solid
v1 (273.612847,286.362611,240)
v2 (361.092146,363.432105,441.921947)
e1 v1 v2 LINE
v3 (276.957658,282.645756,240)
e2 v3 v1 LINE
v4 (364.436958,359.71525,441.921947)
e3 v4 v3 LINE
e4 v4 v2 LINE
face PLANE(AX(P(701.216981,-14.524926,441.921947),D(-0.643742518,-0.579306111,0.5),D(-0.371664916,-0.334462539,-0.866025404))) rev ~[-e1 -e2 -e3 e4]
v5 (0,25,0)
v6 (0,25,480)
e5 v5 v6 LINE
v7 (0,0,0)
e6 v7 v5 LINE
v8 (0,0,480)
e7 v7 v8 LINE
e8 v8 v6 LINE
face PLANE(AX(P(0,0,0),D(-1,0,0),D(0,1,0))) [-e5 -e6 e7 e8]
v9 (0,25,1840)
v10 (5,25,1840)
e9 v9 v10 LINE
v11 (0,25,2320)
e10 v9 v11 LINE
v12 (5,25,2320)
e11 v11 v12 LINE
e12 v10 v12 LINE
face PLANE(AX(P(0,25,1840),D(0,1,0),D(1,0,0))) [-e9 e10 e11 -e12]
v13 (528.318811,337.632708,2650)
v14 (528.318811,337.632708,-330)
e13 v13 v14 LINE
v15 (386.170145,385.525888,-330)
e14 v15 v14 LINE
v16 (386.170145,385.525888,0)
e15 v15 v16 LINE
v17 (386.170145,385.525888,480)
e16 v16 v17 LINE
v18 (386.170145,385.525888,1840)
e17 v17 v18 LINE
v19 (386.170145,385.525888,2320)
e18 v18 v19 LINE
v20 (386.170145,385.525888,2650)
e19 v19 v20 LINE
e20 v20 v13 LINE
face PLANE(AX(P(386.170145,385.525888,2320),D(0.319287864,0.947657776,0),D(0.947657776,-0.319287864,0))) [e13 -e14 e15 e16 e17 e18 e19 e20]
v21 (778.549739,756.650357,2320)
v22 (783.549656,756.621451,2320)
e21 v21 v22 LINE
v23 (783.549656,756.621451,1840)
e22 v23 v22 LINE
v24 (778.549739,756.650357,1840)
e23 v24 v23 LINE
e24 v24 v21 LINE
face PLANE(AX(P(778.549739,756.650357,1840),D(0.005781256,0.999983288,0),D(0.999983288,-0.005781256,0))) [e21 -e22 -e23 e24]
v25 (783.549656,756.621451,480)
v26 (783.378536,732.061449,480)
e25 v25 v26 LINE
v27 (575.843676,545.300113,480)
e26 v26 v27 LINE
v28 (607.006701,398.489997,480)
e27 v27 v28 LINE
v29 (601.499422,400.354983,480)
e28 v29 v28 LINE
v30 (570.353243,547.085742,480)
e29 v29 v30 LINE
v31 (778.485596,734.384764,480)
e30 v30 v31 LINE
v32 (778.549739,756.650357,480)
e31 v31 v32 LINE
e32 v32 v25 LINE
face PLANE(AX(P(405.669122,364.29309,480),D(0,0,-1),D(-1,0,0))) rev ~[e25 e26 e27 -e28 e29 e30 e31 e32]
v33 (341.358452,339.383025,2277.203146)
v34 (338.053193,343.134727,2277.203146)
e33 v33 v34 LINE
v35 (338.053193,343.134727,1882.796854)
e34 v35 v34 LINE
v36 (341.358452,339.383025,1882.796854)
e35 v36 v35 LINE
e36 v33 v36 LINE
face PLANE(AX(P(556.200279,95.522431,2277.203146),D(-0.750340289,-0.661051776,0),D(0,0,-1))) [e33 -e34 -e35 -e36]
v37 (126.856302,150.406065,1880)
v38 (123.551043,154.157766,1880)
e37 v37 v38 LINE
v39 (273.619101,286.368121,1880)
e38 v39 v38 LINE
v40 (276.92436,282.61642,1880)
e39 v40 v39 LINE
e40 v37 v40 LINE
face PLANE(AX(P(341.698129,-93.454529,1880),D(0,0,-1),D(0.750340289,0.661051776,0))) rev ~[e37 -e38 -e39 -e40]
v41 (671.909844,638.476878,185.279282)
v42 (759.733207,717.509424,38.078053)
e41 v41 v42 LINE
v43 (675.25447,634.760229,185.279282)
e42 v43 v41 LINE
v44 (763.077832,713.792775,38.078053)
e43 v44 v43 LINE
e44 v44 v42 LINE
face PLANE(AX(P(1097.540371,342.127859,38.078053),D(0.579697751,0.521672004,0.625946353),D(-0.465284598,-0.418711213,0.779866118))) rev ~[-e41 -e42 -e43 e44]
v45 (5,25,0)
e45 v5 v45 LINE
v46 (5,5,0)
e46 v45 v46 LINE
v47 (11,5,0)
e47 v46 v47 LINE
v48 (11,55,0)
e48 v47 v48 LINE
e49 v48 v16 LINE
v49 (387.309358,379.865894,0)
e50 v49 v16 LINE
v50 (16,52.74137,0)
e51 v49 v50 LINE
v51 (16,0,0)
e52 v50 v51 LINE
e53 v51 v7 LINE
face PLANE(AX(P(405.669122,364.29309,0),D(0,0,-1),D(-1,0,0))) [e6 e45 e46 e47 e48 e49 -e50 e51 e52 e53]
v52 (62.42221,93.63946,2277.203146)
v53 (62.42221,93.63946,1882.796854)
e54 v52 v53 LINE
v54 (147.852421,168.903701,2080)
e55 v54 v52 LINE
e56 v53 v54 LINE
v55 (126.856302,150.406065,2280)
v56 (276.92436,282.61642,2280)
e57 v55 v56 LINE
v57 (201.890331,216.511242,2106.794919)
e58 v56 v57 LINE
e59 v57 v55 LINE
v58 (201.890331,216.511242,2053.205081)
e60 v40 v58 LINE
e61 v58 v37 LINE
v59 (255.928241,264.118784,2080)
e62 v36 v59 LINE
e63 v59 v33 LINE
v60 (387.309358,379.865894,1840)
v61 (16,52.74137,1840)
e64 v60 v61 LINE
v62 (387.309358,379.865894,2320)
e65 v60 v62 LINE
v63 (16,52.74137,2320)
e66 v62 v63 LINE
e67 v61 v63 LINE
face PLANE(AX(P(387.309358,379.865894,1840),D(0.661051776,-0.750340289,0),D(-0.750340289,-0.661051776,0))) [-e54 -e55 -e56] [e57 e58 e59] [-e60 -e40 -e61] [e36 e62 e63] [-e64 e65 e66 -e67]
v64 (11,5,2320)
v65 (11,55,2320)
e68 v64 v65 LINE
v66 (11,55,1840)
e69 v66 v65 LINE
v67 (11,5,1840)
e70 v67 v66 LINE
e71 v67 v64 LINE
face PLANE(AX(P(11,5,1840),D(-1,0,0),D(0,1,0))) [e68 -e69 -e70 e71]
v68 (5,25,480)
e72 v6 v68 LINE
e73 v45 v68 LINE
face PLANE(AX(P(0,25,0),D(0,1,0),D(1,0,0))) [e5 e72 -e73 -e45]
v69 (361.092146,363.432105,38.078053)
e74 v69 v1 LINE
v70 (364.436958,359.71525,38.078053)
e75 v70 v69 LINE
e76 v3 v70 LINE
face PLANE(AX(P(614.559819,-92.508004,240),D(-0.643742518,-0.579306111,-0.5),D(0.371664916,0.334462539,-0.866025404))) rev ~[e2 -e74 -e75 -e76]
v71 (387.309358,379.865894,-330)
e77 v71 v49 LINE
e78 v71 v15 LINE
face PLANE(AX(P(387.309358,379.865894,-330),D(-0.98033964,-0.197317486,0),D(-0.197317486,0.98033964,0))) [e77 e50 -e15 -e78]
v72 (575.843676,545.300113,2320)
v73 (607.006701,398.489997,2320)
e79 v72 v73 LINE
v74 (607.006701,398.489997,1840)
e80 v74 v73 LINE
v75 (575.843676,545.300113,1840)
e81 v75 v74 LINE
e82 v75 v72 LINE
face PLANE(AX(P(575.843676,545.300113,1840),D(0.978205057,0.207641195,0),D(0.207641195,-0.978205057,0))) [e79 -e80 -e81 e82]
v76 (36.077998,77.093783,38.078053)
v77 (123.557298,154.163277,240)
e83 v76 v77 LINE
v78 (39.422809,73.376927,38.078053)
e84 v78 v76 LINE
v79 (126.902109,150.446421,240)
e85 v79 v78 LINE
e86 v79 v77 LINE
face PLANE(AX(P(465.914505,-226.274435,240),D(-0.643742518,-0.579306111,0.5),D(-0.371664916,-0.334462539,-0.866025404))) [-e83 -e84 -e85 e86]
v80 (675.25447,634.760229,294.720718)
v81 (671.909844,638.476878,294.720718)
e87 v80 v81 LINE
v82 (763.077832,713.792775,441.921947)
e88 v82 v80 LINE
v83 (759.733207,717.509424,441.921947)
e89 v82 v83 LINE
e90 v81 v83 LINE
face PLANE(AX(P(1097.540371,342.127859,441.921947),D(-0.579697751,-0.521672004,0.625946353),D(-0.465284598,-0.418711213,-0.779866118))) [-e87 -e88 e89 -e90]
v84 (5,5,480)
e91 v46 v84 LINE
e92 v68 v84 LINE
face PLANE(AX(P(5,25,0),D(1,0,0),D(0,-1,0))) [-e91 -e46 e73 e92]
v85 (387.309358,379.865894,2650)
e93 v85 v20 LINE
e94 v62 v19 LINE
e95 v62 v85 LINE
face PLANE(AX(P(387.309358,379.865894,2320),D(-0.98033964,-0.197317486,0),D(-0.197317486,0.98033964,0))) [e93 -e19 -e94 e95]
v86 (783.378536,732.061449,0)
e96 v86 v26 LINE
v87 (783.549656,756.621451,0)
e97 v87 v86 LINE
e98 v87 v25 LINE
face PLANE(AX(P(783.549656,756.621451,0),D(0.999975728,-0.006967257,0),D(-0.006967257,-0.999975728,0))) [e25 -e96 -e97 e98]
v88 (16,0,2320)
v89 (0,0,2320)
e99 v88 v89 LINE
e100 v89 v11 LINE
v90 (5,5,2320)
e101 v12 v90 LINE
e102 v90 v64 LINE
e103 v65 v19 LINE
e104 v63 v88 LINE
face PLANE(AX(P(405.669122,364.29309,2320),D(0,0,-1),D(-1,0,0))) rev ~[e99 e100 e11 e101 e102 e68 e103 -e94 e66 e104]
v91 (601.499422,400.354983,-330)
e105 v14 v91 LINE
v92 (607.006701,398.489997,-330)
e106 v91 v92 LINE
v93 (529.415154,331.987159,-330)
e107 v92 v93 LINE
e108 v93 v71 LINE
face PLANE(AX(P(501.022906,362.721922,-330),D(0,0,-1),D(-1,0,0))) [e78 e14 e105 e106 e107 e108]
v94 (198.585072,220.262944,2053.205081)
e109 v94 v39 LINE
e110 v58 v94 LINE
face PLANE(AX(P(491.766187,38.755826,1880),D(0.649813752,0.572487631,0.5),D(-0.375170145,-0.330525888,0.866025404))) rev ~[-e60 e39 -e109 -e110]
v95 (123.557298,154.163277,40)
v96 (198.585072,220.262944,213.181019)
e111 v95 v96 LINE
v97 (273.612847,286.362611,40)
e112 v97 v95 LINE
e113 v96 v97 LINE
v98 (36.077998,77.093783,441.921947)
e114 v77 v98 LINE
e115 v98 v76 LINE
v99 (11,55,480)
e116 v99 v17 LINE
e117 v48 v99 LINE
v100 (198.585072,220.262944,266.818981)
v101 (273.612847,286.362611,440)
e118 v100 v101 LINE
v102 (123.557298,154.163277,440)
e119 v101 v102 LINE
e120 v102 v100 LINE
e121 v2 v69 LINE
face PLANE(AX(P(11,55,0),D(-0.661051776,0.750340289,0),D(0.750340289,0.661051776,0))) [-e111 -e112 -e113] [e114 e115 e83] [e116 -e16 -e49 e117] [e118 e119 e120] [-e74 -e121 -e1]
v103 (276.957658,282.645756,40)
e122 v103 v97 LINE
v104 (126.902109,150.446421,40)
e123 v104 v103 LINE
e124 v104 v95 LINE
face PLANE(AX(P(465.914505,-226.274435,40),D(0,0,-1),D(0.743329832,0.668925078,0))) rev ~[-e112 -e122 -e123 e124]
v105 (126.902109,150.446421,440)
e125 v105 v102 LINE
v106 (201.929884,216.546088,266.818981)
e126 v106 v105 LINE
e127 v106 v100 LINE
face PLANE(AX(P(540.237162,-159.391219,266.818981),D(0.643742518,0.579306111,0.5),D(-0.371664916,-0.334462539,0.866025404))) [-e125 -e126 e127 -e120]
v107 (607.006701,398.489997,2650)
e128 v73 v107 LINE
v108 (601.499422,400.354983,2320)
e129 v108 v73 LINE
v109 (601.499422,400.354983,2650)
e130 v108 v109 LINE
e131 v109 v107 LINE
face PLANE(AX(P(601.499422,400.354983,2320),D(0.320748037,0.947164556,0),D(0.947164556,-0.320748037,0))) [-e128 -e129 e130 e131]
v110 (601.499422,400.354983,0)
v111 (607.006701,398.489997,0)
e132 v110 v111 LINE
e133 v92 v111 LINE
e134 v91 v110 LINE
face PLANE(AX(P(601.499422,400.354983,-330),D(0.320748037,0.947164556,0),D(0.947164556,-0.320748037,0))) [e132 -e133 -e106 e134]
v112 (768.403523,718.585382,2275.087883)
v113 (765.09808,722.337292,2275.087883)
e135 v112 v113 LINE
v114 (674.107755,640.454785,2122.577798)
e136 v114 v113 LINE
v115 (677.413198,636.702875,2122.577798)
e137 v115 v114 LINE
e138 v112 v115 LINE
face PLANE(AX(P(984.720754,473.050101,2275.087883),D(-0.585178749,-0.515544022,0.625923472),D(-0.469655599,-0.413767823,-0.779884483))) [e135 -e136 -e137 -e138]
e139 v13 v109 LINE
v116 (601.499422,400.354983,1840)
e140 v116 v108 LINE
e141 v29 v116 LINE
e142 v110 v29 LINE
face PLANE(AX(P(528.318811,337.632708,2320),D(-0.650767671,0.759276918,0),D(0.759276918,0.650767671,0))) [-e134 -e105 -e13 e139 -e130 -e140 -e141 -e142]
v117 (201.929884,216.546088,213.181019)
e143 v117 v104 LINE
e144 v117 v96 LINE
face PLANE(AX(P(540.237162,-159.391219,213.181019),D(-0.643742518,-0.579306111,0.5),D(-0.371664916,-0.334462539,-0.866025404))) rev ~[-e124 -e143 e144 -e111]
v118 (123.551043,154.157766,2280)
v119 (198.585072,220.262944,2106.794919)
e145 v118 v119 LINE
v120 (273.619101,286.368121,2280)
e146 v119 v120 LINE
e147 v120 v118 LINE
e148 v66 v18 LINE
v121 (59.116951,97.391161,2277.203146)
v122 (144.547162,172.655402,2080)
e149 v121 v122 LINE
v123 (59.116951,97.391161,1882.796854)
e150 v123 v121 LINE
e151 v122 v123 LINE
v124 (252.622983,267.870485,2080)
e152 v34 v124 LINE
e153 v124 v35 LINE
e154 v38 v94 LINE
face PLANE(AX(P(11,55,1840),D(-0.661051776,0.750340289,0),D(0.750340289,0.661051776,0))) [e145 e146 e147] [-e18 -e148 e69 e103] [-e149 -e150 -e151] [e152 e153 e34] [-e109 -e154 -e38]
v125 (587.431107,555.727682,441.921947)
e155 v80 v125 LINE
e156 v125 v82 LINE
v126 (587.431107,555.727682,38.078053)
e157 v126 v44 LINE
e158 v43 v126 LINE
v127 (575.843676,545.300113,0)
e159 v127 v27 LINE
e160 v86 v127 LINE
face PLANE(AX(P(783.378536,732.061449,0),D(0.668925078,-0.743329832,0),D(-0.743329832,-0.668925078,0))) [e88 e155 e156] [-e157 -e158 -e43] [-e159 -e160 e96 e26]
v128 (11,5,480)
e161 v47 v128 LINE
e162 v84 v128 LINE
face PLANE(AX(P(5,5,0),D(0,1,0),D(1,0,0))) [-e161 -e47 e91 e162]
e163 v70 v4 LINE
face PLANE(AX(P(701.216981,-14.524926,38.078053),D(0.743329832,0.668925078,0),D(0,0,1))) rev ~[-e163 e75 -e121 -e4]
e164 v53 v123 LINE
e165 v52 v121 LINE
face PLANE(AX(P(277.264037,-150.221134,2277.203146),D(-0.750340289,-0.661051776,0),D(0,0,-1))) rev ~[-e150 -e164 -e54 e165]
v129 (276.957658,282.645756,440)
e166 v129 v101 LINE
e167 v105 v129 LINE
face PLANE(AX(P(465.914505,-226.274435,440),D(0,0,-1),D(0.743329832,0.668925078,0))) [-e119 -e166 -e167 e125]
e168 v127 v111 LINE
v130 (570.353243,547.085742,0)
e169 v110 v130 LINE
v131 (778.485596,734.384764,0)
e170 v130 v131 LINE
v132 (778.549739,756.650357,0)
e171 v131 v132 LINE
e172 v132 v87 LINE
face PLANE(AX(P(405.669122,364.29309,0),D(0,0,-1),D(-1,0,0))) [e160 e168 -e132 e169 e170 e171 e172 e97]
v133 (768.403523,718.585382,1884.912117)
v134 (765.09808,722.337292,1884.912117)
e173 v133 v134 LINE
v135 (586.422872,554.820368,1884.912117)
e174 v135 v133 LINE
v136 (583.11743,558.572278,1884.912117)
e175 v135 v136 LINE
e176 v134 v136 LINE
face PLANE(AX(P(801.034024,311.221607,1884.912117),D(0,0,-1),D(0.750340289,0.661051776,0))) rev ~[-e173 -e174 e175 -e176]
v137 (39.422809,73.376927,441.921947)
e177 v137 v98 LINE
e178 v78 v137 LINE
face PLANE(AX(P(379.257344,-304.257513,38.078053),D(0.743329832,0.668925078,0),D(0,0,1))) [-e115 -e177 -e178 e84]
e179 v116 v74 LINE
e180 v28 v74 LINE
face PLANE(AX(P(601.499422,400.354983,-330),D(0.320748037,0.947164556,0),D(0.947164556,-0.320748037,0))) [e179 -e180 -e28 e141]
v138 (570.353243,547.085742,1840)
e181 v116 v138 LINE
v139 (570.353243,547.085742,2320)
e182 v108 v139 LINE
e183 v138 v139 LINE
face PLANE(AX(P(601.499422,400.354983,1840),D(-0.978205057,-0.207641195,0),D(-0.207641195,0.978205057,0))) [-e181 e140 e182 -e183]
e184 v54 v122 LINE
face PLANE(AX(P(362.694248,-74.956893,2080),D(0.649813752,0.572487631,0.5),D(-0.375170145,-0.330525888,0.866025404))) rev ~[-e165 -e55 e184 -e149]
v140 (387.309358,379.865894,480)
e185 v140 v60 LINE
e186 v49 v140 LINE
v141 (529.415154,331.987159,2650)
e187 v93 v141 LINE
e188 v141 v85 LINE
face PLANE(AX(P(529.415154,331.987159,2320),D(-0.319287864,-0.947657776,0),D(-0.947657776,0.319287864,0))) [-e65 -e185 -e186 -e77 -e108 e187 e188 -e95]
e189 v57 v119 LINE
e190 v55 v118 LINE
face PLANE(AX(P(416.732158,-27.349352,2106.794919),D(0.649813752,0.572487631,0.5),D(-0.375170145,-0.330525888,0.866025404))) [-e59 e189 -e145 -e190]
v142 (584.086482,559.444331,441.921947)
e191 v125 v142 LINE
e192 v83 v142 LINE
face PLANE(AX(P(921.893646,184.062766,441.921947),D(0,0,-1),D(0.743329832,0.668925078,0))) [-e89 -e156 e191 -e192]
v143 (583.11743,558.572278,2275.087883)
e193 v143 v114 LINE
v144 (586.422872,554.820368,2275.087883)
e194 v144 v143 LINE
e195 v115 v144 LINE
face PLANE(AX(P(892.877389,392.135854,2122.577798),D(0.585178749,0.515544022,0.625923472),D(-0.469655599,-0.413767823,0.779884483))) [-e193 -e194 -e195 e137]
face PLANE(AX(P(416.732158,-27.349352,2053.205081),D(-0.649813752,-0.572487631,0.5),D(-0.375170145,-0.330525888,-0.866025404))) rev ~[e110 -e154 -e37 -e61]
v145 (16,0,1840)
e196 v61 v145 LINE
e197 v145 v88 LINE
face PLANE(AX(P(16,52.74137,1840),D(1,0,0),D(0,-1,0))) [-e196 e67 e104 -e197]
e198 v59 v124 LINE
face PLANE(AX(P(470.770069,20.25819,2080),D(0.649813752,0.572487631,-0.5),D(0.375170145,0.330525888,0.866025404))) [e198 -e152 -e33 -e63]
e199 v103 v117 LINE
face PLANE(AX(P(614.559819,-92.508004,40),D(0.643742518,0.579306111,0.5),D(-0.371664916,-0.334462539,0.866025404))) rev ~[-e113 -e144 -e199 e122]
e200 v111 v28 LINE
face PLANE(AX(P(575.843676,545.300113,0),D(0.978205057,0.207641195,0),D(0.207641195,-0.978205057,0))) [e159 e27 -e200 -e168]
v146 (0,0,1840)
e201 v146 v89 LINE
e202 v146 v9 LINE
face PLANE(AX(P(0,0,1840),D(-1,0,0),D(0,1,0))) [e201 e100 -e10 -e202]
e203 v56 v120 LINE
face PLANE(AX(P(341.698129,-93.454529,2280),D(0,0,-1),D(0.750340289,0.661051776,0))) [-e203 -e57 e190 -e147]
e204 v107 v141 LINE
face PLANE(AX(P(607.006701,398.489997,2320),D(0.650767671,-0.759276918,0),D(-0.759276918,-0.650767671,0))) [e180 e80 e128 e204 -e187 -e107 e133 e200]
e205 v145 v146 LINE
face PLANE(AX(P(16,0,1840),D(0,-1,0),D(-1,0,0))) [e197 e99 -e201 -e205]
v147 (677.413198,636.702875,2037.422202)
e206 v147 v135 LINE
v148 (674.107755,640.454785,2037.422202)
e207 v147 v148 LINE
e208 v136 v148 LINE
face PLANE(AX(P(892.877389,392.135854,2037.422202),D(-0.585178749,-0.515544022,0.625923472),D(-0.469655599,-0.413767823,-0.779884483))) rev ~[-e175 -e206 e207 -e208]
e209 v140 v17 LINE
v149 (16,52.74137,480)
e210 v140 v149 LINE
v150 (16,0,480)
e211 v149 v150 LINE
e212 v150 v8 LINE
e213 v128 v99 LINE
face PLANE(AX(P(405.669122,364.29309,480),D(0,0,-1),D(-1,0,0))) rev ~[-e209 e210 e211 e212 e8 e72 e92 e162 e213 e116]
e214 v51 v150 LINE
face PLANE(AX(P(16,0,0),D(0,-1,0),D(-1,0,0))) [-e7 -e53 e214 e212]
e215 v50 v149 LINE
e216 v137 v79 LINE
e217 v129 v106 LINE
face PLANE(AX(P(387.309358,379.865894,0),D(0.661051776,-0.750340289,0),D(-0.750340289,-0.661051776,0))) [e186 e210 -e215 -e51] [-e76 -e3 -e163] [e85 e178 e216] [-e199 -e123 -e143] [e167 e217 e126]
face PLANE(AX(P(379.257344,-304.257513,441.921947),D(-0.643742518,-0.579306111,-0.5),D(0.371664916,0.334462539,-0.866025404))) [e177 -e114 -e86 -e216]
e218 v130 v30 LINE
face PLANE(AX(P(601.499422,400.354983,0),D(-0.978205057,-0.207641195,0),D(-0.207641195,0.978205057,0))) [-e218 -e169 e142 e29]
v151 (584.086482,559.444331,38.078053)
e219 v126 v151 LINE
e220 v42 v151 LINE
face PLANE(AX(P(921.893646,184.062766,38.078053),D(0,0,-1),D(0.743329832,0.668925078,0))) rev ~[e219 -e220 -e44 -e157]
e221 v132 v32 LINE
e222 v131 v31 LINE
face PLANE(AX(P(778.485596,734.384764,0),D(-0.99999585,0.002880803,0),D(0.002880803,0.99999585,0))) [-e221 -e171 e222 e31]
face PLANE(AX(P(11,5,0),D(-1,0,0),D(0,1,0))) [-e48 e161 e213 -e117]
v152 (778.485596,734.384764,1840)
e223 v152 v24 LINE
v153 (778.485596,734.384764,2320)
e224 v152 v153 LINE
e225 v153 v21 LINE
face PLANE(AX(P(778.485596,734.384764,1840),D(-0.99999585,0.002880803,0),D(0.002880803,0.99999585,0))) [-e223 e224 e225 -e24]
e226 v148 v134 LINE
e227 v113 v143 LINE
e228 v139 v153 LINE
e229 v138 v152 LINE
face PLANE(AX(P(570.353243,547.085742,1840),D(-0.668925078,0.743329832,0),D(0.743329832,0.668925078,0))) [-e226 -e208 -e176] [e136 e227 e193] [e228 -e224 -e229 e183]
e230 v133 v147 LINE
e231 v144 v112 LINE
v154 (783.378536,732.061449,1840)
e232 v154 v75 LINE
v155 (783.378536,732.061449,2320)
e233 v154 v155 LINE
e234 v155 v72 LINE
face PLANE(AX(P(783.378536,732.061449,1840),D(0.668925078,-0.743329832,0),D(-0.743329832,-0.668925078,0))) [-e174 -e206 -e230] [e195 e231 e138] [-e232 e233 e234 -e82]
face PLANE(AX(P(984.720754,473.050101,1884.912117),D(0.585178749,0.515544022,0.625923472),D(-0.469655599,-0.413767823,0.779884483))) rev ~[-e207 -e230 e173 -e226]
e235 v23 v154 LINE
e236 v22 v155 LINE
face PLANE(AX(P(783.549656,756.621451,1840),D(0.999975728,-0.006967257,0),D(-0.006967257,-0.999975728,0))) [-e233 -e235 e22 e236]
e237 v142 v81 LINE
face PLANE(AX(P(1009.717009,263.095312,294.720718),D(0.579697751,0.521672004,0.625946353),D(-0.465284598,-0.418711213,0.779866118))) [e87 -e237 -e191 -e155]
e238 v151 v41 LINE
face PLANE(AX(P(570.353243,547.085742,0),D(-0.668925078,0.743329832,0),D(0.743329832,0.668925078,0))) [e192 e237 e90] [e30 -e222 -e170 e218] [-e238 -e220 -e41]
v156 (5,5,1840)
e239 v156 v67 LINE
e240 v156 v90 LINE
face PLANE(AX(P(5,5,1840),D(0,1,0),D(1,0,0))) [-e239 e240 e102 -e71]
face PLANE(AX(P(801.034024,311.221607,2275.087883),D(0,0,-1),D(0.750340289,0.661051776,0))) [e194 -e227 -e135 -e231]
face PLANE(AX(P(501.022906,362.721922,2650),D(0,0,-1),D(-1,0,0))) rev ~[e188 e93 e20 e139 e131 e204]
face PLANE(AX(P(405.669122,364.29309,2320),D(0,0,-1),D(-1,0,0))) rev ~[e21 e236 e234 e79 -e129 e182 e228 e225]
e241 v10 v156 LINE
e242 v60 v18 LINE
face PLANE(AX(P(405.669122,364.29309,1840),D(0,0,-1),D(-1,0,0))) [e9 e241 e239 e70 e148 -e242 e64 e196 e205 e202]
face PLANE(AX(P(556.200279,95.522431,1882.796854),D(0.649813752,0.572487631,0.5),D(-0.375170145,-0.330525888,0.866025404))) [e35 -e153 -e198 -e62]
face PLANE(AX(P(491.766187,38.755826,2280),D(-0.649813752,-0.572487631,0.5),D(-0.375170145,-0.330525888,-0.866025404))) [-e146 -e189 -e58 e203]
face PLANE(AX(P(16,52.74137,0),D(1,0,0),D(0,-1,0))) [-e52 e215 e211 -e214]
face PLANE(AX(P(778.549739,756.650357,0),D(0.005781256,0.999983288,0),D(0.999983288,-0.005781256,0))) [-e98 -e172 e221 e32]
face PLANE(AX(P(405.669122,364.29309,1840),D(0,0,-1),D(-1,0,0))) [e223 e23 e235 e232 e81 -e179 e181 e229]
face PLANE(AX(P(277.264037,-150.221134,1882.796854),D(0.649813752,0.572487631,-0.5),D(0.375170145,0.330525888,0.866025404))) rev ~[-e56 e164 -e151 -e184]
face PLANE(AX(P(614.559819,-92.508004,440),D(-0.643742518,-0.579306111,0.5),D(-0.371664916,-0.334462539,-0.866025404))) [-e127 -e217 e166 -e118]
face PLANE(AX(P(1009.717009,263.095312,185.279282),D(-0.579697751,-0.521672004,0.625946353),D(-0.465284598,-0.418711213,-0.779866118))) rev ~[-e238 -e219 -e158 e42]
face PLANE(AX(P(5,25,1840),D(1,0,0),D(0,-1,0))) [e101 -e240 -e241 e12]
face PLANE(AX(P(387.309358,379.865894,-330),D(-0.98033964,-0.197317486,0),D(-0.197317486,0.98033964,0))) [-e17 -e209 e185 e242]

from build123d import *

# Parameters (mm, degrees)
BOSS_EXTRUDE1_DEPTH      = 480
CUT_EXTRUDE3_DEPTH       = 505
CUT_EXTRUDE3_DEPTH_BACK  = 505
BOSS_EXTRUDE2_DEPTH      = 1360
BOSS_EXTRUDE2_DEPTH_BACK = 810
BOSS_EXTRUDE3_DEPTH      = 480
BOSS_EXTRUDE4_DEPTH      = 330
CUT_EXTRUDE4_DEPTH       = 330
CUT_EXTRUDE4_DEPTH_BACK  = 330


with BuildPart() as part:
    # Sketch1 → Boss-Extrude1 (new body)
    with BuildSketch(Plane.XY):
        Polygon((11, 5), (11, 55), (386.170144681, 385.525887852), (528.318811029, 337.632708219), (601.499421829, 400.354983269), (570.353242625, 547.085741874), (778.485595709, 734.384763761), (778.549738756, 756.650357197), (783.549656083, 756.621450914), (783.378536091, 732.061448595), (575.84367641, 545.300113082), (607.006700625, 398.489997031), (529.415153906, 331.987158619), (387.309357719, 379.865894301), (16, 52.741369955), (16, 0), (0, 0), (0, 25), (5, 25), (5, 5), align=None)
    extrude(amount=BOSS_EXTRUDE1_DEPTH)

    # Sketch2 → Cut-Extrude3 (cut, two sides: drawn at the far end of the back side and taken through both)
    with BuildSketch(Plane(origin=(-16.817823624, 18.688475623, 0), x_dir=(0.7433298324443945, 0.6689250781651025, 0), z_dir=(-0.6689250781651025, 0.7433298324443945, 0)).offset(-CUT_EXTRUDE3_DEPTH_BACK)):
        Polygon((194.967507456, -40), (394.939723607, -40), (294.953615531, -213.181019237), align=None)
        Polygon((394.939723607, -440), (294.953615531, -266.818980763), (194.967507456, -440), align=None)
        Polygon((78.387816928, -38.078052875), (78.387816928, -441.921947125), (194.967507456, -240), align=None)
        Polygon((511.519414135, -441.921947125), (394.939723607, -240), (511.519414135, -38.078052875), align=None)
        Polygon((808.395249794, -38.078052875), (1044.692404937, -38.078052875), (926.543827366, -185.27928203), align=None)
        Polygon((1044.692404937, -441.921947125), (926.543827366, -294.72071797), (808.395249794, -441.921947125), align=None)
    extrude(amount=CUT_EXTRUDE3_DEPTH + CUT_EXTRUDE3_DEPTH_BACK, mode=Mode.SUBTRACT)

    # Sketch3 → Boss-Extrude2 (add, two sides: drawn at the far end of the back side and taken through both)
    with BuildSketch(Plane.XY.offset(480).offset(-BOSS_EXTRUDE2_DEPTH_BACK)):
        Polygon((386.170144681, 385.525887852), (528.318811029, 337.632708219), (601.499421829, 400.354983269), (607.006700625, 398.489997031), (529.415153906, 331.987158619), (387.309357719, 379.865894301), align=None)
    extrude(amount=BOSS_EXTRUDE2_DEPTH + BOSS_EXTRUDE2_DEPTH_BACK)

    # Sketch4 → Boss-Extrude3 (add)
    with BuildSketch(Plane.XY.offset(1840)):
        Polygon((0, 25), (5, 25), (5, 5), (11, 5), (11, 55), (386.170144681, 385.525887852), (528.318811029, 337.632708219), (601.499421829, 400.354983269), (570.353242625, 547.085741874), (778.485595709, 734.384763761), (778.549738756, 756.650357197), (783.549656083, 756.621450914), (783.378536091, 732.061448595), (575.84367641, 545.300113082), (607.006700625, 398.489997031), (529.415153906, 331.987158619), (387.309357719, 379.865894301), (16, 52.741369955), (16, 0), (0, 0), align=None)
    extrude(amount=BOSS_EXTRUDE3_DEPTH)

    # Sketch5 → Boss-Extrude4 (add)
    with BuildSketch(Plane.XY.offset(2320)):
        Polygon((386.170144681, 385.525887852), (528.318811029, 337.632708219), (601.499421829, 400.354983269), (607.006700625, 398.489997031), (529.415153906, 331.987158619), (387.309357719, 379.865894301), align=None)
    extrude(amount=BOSS_EXTRUDE4_DEPTH)

    # Sketch6 → Cut-Extrude4 (cut, two sides: drawn at the far end of the back side and taken through both)
    with BuildSketch(Plane(origin=(-22.473873985, 25.509428654, 0), x_dir=(0.7503402893619813, 0.6610517757030672, 0), z_dir=(-0.6610517757030672, 0.7503402893619813, 0)).offset(-CUT_EXTRUDE4_DEPTH_BACK)):
        Polygon((194.611590847, -1880), (394.611590847, -1880), (294.611590847, -2053.205080757), align=None)
        Polygon((294.611590847, -2106.794919243), (194.611590847, -2280), (394.611590847, -2280), align=None)
        Polygon((108.738430441, -1882.796854181), (222.593719764, -2080), (108.738430441, -2277.203145819), align=None)
        Polygon((366.629461929, -2080), (480.484751253, -2277.203145819), (480.484751253, -1882.796854181), align=None)
        Polygon((806.781697185, -1884.912116982), (1051.586264598, -1884.912116982), (929.183980892, -2037.422201681), align=None)
        Polygon((806.781697185, -2275.087883018), (1051.586264598, -2275.087883018), (929.183980892, -2122.577798319), align=None)
    extrude(amount=CUT_EXTRUDE4_DEPTH + CUT_EXTRUDE4_DEPTH_BACK, mode=Mode.SUBTRACT)


solid = part.part
